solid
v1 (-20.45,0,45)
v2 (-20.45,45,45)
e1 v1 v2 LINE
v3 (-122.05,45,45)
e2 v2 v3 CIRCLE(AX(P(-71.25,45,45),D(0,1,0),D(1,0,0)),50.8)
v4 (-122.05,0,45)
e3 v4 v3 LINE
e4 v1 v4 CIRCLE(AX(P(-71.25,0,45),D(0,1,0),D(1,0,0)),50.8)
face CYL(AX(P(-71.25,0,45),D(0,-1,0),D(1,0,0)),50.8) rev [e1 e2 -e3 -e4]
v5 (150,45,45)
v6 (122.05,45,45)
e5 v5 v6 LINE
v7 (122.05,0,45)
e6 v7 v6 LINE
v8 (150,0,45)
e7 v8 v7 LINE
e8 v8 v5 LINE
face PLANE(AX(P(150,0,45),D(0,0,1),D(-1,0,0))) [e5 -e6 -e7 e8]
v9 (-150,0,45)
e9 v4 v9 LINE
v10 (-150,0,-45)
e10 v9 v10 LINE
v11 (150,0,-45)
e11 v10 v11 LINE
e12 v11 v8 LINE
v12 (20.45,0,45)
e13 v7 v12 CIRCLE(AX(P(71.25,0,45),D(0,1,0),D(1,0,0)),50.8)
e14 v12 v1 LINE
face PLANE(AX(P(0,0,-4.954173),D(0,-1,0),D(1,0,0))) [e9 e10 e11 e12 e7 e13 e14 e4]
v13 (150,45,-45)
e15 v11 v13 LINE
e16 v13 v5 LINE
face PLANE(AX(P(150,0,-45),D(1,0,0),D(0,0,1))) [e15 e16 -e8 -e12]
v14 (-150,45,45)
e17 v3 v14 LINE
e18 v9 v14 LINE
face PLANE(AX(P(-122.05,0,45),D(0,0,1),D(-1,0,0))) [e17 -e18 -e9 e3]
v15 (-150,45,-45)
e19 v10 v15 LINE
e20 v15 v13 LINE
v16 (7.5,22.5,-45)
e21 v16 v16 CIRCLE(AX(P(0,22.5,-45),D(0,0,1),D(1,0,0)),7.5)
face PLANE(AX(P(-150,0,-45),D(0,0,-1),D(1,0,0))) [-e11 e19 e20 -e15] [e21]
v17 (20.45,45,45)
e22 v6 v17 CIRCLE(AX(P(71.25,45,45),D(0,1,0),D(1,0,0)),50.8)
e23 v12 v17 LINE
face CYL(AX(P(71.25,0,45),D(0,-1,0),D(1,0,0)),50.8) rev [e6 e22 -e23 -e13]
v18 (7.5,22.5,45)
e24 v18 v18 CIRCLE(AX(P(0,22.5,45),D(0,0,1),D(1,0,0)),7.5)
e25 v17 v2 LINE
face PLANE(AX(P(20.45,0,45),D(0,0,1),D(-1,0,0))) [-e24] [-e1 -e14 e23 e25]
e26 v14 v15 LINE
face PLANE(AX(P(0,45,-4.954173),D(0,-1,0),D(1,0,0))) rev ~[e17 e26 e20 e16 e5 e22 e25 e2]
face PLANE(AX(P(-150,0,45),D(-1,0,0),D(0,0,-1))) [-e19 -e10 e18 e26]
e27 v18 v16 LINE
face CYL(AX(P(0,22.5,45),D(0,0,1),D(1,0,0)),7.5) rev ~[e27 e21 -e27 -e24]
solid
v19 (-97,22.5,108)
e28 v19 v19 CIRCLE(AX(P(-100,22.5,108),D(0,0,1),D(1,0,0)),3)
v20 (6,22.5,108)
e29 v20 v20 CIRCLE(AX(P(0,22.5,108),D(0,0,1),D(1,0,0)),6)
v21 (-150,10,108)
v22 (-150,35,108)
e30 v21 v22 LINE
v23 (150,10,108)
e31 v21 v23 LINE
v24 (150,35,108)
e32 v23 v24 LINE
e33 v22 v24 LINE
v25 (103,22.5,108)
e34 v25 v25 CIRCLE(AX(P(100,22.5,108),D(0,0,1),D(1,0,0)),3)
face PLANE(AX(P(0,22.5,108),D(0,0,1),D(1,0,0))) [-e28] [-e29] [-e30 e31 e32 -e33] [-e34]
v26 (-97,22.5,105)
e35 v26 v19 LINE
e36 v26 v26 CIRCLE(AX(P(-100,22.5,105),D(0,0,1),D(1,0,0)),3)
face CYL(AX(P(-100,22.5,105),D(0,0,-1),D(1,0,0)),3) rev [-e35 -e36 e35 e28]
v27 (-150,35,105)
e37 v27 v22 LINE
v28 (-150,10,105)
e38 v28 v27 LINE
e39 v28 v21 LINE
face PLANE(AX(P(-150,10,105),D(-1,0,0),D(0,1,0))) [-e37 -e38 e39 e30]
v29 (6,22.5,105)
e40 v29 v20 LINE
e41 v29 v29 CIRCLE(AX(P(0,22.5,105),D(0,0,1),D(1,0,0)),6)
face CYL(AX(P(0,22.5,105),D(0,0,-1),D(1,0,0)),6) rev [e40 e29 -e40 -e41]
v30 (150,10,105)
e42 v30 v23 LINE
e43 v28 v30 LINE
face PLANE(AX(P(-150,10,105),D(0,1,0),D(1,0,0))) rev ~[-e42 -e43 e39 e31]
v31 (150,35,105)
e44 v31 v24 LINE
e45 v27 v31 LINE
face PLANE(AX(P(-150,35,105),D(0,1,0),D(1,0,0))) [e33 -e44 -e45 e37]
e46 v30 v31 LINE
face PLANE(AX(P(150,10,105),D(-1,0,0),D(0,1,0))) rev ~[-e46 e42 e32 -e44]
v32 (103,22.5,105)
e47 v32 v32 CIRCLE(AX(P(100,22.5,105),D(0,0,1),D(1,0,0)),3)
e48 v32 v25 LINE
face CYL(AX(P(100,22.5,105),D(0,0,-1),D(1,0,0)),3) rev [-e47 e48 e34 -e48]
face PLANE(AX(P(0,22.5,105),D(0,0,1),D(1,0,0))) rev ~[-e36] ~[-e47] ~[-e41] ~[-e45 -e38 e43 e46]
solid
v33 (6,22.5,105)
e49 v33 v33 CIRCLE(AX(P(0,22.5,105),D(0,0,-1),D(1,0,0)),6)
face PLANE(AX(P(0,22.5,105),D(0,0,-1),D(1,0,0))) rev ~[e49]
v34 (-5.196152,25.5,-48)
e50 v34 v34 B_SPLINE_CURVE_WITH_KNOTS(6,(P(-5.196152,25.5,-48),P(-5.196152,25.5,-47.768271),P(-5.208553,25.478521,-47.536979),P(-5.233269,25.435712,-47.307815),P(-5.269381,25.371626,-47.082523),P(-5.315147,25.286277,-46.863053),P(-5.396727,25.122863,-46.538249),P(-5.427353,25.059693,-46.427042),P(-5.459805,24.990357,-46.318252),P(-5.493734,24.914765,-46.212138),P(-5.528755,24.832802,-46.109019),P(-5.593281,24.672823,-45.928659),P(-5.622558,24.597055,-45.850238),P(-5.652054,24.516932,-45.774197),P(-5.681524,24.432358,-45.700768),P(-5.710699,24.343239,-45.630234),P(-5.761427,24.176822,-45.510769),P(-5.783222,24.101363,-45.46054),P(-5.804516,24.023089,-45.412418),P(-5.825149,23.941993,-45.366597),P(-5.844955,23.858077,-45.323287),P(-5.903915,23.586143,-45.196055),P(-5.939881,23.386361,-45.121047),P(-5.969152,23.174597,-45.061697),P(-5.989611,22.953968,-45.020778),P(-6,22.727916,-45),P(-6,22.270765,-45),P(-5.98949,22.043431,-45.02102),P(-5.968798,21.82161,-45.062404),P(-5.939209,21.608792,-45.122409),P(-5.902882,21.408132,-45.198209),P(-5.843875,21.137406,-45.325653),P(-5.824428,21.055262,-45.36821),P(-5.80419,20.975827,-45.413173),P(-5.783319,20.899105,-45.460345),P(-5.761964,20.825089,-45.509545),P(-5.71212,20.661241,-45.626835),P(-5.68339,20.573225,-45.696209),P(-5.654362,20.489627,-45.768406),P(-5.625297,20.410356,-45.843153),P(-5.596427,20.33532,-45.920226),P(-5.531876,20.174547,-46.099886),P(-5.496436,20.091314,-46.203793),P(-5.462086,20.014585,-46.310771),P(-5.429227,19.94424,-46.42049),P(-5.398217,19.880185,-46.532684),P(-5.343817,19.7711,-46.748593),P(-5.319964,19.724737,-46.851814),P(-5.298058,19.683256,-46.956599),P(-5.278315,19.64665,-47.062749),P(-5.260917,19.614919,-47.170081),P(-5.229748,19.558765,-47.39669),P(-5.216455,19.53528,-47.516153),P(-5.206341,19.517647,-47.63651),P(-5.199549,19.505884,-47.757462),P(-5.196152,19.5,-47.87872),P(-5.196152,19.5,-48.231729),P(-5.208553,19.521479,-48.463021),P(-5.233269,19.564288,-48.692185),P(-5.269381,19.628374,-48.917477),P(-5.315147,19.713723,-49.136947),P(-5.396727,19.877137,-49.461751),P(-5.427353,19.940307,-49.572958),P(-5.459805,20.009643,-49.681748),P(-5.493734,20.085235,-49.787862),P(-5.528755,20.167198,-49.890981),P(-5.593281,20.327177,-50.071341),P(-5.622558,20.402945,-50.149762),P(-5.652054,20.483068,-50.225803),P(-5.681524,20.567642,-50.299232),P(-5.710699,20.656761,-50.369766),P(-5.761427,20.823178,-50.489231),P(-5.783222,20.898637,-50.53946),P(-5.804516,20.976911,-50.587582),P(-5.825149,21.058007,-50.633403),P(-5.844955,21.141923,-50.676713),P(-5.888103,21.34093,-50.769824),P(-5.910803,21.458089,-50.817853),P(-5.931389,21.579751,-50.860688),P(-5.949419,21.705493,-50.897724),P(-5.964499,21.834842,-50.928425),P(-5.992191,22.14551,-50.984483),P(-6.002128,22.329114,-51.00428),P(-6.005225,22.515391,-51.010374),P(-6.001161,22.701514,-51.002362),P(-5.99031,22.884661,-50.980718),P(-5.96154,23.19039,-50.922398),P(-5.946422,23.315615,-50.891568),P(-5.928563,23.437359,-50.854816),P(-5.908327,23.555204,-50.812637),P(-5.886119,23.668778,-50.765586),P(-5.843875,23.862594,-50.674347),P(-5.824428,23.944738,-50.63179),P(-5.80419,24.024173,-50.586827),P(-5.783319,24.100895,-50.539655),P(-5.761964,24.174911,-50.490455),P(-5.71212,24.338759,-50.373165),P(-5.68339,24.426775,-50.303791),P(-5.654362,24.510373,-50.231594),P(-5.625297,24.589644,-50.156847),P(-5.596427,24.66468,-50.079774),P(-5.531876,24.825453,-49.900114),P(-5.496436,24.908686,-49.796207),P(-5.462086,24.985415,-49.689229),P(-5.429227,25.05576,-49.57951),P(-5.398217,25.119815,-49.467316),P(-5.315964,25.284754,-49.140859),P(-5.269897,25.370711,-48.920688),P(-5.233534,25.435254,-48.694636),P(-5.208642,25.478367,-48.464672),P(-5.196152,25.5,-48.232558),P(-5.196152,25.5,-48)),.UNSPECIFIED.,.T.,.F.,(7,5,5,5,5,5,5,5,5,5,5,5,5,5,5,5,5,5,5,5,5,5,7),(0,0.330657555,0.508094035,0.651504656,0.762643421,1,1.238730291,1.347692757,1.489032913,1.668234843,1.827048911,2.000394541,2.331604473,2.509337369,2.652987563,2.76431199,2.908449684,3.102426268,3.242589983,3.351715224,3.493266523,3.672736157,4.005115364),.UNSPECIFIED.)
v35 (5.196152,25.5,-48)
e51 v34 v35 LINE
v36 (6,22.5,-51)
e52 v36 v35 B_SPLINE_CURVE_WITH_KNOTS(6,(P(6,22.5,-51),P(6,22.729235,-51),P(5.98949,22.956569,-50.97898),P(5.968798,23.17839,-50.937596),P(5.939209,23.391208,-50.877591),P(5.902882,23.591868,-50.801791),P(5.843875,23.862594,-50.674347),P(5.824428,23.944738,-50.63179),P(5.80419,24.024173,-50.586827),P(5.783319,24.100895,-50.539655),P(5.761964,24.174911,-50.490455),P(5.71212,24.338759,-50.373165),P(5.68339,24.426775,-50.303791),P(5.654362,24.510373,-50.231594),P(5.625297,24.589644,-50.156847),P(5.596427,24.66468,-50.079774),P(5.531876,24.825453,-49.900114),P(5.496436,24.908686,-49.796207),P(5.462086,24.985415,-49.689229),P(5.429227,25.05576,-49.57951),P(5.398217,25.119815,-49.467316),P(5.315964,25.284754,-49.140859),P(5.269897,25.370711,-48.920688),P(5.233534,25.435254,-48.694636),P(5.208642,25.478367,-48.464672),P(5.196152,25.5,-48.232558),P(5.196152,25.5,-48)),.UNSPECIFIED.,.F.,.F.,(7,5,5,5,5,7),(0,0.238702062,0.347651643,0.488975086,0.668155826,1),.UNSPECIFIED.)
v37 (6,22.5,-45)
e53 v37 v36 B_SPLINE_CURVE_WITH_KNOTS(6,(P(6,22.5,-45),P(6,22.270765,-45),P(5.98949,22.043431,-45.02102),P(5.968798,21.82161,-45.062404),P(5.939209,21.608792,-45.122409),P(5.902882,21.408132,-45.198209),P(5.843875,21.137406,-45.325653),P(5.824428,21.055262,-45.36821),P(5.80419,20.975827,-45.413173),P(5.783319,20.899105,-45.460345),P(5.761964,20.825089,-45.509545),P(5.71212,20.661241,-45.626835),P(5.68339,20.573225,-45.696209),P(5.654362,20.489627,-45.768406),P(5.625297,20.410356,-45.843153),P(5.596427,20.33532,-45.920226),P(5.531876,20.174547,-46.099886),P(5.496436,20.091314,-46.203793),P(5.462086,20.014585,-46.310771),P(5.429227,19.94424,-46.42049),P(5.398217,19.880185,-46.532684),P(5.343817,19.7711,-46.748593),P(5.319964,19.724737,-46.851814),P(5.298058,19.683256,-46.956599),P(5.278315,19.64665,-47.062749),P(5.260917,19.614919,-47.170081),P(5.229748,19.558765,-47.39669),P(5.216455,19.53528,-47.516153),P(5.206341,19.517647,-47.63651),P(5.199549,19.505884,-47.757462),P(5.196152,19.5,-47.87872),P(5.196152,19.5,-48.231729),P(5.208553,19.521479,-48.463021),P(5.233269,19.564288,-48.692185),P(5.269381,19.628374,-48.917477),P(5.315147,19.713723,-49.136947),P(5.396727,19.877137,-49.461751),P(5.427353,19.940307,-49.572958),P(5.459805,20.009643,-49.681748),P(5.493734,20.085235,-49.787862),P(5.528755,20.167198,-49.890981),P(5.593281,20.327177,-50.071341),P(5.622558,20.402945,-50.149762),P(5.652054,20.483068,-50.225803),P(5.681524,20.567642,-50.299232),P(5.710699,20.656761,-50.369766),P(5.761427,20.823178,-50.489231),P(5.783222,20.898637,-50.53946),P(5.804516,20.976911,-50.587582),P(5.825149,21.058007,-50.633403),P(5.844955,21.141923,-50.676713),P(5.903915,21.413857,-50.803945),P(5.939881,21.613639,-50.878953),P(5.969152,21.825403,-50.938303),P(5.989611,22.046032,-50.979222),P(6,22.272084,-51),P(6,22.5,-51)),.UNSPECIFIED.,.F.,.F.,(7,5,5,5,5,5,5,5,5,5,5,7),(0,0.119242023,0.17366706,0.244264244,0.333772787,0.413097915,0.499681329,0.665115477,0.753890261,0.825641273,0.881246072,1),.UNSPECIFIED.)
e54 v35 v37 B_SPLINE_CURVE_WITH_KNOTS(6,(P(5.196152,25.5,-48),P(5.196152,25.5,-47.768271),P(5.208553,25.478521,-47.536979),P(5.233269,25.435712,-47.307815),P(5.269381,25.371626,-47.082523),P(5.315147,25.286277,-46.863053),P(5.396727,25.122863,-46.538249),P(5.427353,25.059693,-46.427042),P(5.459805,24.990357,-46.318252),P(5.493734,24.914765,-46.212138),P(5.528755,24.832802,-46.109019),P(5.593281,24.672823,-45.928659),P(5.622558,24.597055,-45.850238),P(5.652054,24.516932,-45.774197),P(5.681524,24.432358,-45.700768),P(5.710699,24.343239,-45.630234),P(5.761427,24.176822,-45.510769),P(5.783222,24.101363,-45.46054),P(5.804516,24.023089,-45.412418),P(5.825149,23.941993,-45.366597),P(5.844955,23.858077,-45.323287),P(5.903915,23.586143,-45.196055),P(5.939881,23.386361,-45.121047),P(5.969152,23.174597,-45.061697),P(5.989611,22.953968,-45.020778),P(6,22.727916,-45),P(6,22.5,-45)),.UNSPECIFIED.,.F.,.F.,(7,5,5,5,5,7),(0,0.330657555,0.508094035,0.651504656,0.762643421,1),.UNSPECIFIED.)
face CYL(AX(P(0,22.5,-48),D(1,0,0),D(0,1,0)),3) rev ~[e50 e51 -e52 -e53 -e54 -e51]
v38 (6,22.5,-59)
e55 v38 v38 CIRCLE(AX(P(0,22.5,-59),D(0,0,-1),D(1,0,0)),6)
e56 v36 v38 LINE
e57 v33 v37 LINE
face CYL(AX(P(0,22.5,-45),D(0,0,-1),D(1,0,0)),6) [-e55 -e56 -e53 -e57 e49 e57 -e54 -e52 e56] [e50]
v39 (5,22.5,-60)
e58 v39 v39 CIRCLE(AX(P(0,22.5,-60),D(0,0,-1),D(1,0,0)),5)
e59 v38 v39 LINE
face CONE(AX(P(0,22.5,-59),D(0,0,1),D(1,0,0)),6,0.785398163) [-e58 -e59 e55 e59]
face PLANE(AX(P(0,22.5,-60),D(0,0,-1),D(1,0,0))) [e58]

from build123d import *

# Parameters (mm, degrees)
F1_DEPTH      = 45
F2_R          = 7.5
F3_DEPTH      = 90.001
F4_R          = 6
F5_DEPTH      = 15
F5_DEPTH_BACK = 150
F6_W          = 300
F6_H          = 25
F6_R          = 3
F6_R_2        = 6
F7_DEPTH      = 3
F8_R          = 3
F9_DEPTH      = 12.5
F10_SIZE      = 1


with BuildPart() as f1:
    # F0 (on Front) → F1 (new body)
    with BuildSketch(Plane.XZ):
        with BuildLine():
            Line((150, -45), (150, 45))
            Line((150, 45), (122.05, 45))
            ThreePointArc((122.05, 45), (71.25, -5.8), (20.45, 45))
            Line((20.45, 45), (-20.45, 45))
            ThreePointArc((-20.45, 45), (-71.25, -5.8), (-122.05, 45))
            Line((-122.05, 45), (-150, 45))
            Line((-150, 45), (-150, -45))
            Line((-150, -45), (150, -45))
        make_face()
    extrude(amount=-F1_DEPTH)

    # F2 (on face) → F3 (cut, through all)
    with BuildSketch(Plane.XY.offset(45)):
        with Locations((0, 22.5)):
            Circle(F2_R)
    extrude(amount=-F3_DEPTH, mode=Mode.SUBTRACT)


with BuildPart() as f5:
    # F4 (on face) → F5 (new body, two sides)
    with BuildSketch(Plane(origin=(0, 0, -45), x_dir=(1, 0, 0), z_dir=(0, 0, -1))) as f5_sk:
        with Locations((0, -22.5)):
            Circle(F4_R)
    extrude(amount=F5_DEPTH)
    extrude(f5_sk.sketch, amount=-F5_DEPTH_BACK)

    # F8 (on Right) → F9 (cut, symmetric)
    with BuildSketch(Plane.YZ):
        with Locations((22.5, -48)):
            Circle(F8_R)
    extrude(amount=F9_DEPTH, both=True, mode=Mode.SUBTRACT)

    # F10
    f10_edges = [f5.edges().sort_by_distance(p)[0] for p in [
        (-6, 22.5, -60),
    ]]
    chamfer(f10_edges, length=F10_SIZE)


with BuildPart() as f7:
    # F6 (on face) → F7 (new body)
    with BuildSketch(Plane.XY.offset(105)):
        with Locations((0, 22.5)):
            Rectangle(F6_W, F6_H)
        with Locations((-100, 22.5)):
            Circle(F6_R, mode=Mode.SUBTRACT)
        with Locations((0, 22.5)):
            Circle(F6_R_2, mode=Mode.SUBTRACT)
        with Locations((100, 22.5)):
            Circle(F6_R, mode=Mode.SUBTRACT)
    extrude(amount=F7_DEPTH)


solid = Compound([f1.part, f5.part, f7.part])
